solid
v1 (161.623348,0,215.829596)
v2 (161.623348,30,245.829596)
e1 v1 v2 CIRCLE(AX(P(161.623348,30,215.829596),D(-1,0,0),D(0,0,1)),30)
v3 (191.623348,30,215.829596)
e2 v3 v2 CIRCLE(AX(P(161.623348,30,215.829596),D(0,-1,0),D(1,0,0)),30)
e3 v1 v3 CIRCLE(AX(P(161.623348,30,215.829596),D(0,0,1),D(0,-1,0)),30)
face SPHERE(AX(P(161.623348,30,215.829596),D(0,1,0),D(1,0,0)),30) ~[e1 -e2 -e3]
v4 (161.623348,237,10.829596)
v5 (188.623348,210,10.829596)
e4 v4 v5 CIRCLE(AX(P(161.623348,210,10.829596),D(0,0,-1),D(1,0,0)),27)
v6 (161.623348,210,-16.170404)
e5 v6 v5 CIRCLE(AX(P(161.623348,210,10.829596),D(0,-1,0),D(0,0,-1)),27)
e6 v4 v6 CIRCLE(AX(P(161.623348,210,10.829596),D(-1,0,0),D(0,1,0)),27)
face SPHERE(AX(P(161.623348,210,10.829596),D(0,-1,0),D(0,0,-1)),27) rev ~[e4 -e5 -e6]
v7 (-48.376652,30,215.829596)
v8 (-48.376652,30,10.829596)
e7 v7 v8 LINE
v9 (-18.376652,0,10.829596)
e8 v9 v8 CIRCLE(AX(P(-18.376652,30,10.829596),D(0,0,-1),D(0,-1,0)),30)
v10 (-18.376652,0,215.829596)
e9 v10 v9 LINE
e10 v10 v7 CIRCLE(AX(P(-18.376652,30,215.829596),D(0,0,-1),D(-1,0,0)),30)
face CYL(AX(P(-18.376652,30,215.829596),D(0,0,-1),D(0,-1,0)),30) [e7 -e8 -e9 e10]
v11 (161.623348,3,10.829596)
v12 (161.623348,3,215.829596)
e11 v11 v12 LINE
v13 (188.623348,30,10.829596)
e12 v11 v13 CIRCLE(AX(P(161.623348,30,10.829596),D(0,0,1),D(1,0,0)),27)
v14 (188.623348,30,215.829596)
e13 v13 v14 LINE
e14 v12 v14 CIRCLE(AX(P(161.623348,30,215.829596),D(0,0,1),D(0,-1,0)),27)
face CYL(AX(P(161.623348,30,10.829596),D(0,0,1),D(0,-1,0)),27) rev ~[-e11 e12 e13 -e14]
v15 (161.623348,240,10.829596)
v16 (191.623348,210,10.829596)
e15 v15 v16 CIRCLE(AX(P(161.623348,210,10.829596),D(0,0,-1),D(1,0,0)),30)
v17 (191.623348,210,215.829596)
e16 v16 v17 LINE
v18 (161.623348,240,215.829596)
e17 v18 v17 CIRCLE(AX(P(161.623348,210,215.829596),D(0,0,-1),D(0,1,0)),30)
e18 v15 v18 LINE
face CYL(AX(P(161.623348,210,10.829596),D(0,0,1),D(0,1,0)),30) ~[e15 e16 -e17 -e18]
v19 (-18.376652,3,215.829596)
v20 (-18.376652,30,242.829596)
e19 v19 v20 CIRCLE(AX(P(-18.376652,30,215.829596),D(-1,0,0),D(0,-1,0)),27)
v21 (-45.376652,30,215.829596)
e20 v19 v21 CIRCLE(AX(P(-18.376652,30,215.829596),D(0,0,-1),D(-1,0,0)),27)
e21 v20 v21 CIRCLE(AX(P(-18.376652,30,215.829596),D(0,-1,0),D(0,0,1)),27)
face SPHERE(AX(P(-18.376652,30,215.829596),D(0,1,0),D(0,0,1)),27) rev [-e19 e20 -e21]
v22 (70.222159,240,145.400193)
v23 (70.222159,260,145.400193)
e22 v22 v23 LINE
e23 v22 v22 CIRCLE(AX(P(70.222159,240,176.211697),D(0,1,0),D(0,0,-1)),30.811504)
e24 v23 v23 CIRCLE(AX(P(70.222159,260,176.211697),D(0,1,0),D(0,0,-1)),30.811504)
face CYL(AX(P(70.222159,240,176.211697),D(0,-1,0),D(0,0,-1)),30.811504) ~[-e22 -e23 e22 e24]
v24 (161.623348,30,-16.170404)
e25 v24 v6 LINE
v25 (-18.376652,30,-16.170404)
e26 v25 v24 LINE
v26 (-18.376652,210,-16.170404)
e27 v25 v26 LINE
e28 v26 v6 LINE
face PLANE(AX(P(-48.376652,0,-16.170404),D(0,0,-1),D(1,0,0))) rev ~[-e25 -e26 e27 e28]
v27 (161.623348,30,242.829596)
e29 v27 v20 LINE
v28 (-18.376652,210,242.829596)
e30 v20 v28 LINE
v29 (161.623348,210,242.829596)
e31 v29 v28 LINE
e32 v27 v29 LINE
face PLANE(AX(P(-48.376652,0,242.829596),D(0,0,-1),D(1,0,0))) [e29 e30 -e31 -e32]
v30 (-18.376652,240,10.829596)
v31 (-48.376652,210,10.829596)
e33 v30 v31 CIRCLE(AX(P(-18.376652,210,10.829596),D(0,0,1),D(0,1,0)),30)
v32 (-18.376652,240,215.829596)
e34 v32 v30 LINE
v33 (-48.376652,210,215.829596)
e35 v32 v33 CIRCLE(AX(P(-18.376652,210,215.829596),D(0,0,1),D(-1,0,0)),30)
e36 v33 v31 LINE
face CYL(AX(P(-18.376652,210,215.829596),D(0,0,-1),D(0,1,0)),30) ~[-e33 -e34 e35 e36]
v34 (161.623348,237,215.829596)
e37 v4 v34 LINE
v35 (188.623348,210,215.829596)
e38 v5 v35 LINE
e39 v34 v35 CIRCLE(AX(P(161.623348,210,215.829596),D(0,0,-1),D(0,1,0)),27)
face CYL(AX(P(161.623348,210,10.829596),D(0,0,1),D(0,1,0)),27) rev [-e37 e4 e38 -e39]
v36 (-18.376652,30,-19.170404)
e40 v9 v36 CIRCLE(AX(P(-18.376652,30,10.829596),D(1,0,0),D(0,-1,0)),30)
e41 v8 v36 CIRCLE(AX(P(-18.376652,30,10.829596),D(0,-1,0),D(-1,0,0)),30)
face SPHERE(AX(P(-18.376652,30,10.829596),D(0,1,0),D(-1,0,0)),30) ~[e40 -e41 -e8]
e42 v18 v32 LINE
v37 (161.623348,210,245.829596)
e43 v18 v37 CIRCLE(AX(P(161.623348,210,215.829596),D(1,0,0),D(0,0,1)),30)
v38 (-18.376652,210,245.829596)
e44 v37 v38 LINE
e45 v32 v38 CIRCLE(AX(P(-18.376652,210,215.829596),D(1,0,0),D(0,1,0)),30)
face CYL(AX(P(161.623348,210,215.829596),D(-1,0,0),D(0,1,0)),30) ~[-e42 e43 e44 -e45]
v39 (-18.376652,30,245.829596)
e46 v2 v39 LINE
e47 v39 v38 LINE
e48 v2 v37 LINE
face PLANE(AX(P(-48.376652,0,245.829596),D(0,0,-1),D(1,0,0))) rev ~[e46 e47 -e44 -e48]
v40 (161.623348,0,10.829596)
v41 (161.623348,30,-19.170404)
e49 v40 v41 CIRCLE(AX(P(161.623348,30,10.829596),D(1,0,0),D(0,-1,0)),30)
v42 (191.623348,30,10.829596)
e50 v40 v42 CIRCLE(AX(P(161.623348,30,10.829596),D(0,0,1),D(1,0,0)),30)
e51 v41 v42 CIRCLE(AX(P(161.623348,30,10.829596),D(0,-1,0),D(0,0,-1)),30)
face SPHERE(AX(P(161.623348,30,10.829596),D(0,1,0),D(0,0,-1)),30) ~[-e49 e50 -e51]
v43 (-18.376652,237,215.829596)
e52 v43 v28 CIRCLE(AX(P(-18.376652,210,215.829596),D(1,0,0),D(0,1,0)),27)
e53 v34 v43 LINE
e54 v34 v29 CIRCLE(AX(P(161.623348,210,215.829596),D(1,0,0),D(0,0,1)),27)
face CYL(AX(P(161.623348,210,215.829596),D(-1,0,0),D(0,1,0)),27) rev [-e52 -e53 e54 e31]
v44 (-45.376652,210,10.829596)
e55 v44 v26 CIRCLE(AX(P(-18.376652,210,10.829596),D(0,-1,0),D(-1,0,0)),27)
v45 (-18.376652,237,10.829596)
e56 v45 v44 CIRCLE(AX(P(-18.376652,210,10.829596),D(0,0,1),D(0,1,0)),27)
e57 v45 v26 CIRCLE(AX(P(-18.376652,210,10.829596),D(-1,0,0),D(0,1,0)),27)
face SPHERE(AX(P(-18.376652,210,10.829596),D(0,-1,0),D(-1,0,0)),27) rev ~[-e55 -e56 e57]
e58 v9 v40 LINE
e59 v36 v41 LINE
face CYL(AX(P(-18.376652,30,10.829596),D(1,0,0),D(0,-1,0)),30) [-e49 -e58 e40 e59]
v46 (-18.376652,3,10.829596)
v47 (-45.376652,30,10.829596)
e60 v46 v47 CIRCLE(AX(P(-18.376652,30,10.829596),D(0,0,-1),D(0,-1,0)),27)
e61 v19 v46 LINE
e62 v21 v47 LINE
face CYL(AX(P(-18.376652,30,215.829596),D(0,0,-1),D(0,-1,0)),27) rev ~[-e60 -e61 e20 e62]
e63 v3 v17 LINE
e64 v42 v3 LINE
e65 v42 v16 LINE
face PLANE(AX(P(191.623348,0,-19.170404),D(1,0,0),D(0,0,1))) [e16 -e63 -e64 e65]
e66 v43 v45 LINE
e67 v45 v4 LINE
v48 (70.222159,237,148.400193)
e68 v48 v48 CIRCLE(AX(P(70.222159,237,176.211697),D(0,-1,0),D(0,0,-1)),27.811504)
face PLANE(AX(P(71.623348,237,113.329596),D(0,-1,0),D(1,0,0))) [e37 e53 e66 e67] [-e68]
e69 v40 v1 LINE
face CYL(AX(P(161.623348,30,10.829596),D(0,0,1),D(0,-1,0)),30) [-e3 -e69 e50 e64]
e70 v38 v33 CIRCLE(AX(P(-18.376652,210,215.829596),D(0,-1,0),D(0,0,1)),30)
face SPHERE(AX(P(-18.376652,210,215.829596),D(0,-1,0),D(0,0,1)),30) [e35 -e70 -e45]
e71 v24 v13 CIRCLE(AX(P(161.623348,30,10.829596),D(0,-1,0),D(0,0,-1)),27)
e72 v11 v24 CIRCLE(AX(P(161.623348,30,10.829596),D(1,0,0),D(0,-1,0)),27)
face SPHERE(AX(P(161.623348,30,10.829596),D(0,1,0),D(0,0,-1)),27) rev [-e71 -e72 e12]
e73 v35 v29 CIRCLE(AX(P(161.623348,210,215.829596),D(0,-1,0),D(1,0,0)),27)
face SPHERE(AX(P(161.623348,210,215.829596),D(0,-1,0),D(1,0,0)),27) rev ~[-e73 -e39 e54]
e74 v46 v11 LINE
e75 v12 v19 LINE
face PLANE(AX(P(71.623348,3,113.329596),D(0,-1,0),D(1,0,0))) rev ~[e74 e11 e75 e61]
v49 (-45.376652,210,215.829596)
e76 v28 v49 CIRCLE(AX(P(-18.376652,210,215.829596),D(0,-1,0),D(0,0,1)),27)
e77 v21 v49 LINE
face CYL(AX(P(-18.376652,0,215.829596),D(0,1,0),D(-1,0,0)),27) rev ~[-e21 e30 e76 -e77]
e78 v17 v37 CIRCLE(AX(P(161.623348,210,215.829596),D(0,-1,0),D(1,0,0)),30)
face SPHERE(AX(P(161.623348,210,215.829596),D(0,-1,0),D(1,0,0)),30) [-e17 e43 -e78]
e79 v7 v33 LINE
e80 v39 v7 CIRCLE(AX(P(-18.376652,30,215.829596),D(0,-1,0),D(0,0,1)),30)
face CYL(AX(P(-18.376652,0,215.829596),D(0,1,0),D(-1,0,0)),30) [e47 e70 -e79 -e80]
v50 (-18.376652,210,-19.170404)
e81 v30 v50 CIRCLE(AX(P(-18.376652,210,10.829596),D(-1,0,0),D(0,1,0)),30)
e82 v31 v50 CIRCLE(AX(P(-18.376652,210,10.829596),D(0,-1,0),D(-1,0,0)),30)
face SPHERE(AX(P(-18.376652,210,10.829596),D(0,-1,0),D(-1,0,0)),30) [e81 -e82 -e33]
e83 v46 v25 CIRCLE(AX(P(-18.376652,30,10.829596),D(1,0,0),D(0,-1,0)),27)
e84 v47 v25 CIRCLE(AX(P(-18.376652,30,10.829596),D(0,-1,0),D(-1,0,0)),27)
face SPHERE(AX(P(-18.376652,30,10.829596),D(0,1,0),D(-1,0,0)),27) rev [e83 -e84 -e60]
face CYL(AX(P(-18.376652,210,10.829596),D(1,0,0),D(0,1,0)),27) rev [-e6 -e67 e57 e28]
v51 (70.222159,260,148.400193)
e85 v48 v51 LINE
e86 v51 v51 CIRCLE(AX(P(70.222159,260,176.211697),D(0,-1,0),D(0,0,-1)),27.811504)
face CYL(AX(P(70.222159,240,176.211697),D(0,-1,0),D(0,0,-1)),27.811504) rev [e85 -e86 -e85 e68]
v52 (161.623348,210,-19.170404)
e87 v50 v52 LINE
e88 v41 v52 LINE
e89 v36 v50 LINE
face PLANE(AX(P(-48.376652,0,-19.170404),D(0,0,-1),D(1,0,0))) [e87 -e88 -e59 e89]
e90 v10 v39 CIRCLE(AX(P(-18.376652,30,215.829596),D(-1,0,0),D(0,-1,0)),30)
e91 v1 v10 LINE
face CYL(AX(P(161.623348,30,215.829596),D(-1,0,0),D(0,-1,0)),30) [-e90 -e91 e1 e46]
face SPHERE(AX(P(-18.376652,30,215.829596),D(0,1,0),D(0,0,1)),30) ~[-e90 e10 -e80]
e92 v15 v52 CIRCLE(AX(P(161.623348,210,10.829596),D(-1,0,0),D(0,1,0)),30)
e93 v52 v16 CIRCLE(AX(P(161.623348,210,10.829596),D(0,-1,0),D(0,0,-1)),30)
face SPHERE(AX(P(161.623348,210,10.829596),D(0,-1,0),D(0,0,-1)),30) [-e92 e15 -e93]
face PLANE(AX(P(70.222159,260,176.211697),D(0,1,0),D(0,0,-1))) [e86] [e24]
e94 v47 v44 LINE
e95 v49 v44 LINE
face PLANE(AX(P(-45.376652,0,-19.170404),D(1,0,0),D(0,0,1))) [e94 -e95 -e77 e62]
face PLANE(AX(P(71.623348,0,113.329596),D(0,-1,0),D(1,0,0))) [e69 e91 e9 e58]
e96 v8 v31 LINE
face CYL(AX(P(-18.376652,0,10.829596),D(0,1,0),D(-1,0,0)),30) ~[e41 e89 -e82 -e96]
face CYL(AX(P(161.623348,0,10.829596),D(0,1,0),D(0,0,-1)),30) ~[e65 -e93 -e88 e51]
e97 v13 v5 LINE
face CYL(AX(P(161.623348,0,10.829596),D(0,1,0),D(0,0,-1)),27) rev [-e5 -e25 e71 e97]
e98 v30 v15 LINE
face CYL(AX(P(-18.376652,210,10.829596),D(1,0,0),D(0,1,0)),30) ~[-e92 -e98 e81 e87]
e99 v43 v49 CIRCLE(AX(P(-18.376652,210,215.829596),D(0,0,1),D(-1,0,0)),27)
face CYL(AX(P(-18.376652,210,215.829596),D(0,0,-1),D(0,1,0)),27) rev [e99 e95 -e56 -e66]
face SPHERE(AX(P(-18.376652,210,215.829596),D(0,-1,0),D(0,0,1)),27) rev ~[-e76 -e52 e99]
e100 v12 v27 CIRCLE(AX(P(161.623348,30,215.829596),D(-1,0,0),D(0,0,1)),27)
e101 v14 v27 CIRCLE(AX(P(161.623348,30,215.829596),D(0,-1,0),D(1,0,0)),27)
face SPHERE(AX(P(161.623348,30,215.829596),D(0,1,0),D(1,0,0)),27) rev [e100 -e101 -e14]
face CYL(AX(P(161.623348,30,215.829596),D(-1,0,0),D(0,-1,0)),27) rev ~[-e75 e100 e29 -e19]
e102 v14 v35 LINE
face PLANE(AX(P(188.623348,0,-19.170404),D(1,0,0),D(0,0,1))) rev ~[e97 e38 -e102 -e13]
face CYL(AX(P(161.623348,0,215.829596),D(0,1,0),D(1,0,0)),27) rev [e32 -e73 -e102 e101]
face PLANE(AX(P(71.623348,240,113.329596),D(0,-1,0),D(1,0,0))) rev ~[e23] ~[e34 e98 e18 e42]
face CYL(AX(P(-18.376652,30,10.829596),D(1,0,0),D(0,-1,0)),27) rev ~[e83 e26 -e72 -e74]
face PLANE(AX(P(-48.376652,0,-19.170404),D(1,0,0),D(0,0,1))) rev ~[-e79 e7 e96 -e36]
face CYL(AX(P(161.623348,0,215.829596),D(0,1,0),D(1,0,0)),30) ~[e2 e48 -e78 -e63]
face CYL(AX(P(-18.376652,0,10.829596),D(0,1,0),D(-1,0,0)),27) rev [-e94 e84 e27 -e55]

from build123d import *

# Parameters (mm, degrees)
CROQUIS1_W              = 240
CROQUIS1_H              = 265
SALIENTE_EXTRUIR1_DEPTH = 240
REDONDEO1_R             = 30
REDONDEO2_R             = 30
CROQUIS2_R              = 30.811504022
SALIENTE_EXTRUIR2_DEPTH = 20
VACIADO1_T              = -3


with BuildPart() as part:
    # Croquis1 → Saliente-Extruir1 (new body)
    with BuildSketch(Plane.XZ):
        with Locations((71.623347888, 113.329596413)):
            Rectangle(CROQUIS1_W, CROQUIS1_H)
    extrude(amount=-SALIENTE_EXTRUIR1_DEPTH)

    # Redondeo1
    redondeo1_edges = [part.edges().sort_by_distance(p)[0] for p in [
        (-48.376652112, 120, 245.829596413),
        (191.623347888, 120, 245.829596413),
        (191.623347888, 120, -19.170403587),
        (-48.376652112, 120, -19.170403587),
    ]]
    fillet(redondeo1_edges, radius=REDONDEO1_R)

    # Redondeo2
    redondeo2_edges = [part.edges().sort_by_distance(p)[0] for p in [
        (71.623347888, 0, -19.170403587),
        (71.623347888, 240, -19.170403587),
        (-48.376652112, 0, 113.329596413),
        (191.623347888, 0, 113.329596413),
        (71.623347888, 0, 245.829596413),
        (-39.589855548, 0, 237.042799848),
        (-39.589855548, 0, -10.383607023),
        (182.836551323, 0, 237.042799848),
        (182.836551323, 0, -10.383607023),
        (191.623347888, 240, 113.329596413),
        (-48.376652112, 240, 113.329596413),
        (71.623347888, 240, 245.829596413),
        (-39.589855548, 240, 237.042799848),
        (-39.589855548, 240, -10.383607023),
        (182.836551323, 240, 237.042799848),
        (182.836551323, 240, -10.383607023),
    ]]
    fillet(redondeo2_edges, radius=REDONDEO2_R)

    # Croquis2 → Saliente-Extruir2 (add)
    with BuildSketch(Plane(origin=(0, 240, 0), x_dir=(1, 0, 0), z_dir=(0, 1, 0))):
        with Locations(Location((70.222158981, -176.211697137, 0), (0, 0, 90))):
            Circle(CROQUIS2_R)
    extrude(amount=SALIENTE_EXTRUIR2_DEPTH)

    # Vaciado1
    vaciado1_openings = [part.faces().sort_by_distance(p)[0] for p in [
        (70.222158981, 260, 176.211697137),
    ]]
    offset(amount=VACIADO1_T, openings=vaciado1_openings, kind=Kind.INTERSECTION)


solid = part.part
